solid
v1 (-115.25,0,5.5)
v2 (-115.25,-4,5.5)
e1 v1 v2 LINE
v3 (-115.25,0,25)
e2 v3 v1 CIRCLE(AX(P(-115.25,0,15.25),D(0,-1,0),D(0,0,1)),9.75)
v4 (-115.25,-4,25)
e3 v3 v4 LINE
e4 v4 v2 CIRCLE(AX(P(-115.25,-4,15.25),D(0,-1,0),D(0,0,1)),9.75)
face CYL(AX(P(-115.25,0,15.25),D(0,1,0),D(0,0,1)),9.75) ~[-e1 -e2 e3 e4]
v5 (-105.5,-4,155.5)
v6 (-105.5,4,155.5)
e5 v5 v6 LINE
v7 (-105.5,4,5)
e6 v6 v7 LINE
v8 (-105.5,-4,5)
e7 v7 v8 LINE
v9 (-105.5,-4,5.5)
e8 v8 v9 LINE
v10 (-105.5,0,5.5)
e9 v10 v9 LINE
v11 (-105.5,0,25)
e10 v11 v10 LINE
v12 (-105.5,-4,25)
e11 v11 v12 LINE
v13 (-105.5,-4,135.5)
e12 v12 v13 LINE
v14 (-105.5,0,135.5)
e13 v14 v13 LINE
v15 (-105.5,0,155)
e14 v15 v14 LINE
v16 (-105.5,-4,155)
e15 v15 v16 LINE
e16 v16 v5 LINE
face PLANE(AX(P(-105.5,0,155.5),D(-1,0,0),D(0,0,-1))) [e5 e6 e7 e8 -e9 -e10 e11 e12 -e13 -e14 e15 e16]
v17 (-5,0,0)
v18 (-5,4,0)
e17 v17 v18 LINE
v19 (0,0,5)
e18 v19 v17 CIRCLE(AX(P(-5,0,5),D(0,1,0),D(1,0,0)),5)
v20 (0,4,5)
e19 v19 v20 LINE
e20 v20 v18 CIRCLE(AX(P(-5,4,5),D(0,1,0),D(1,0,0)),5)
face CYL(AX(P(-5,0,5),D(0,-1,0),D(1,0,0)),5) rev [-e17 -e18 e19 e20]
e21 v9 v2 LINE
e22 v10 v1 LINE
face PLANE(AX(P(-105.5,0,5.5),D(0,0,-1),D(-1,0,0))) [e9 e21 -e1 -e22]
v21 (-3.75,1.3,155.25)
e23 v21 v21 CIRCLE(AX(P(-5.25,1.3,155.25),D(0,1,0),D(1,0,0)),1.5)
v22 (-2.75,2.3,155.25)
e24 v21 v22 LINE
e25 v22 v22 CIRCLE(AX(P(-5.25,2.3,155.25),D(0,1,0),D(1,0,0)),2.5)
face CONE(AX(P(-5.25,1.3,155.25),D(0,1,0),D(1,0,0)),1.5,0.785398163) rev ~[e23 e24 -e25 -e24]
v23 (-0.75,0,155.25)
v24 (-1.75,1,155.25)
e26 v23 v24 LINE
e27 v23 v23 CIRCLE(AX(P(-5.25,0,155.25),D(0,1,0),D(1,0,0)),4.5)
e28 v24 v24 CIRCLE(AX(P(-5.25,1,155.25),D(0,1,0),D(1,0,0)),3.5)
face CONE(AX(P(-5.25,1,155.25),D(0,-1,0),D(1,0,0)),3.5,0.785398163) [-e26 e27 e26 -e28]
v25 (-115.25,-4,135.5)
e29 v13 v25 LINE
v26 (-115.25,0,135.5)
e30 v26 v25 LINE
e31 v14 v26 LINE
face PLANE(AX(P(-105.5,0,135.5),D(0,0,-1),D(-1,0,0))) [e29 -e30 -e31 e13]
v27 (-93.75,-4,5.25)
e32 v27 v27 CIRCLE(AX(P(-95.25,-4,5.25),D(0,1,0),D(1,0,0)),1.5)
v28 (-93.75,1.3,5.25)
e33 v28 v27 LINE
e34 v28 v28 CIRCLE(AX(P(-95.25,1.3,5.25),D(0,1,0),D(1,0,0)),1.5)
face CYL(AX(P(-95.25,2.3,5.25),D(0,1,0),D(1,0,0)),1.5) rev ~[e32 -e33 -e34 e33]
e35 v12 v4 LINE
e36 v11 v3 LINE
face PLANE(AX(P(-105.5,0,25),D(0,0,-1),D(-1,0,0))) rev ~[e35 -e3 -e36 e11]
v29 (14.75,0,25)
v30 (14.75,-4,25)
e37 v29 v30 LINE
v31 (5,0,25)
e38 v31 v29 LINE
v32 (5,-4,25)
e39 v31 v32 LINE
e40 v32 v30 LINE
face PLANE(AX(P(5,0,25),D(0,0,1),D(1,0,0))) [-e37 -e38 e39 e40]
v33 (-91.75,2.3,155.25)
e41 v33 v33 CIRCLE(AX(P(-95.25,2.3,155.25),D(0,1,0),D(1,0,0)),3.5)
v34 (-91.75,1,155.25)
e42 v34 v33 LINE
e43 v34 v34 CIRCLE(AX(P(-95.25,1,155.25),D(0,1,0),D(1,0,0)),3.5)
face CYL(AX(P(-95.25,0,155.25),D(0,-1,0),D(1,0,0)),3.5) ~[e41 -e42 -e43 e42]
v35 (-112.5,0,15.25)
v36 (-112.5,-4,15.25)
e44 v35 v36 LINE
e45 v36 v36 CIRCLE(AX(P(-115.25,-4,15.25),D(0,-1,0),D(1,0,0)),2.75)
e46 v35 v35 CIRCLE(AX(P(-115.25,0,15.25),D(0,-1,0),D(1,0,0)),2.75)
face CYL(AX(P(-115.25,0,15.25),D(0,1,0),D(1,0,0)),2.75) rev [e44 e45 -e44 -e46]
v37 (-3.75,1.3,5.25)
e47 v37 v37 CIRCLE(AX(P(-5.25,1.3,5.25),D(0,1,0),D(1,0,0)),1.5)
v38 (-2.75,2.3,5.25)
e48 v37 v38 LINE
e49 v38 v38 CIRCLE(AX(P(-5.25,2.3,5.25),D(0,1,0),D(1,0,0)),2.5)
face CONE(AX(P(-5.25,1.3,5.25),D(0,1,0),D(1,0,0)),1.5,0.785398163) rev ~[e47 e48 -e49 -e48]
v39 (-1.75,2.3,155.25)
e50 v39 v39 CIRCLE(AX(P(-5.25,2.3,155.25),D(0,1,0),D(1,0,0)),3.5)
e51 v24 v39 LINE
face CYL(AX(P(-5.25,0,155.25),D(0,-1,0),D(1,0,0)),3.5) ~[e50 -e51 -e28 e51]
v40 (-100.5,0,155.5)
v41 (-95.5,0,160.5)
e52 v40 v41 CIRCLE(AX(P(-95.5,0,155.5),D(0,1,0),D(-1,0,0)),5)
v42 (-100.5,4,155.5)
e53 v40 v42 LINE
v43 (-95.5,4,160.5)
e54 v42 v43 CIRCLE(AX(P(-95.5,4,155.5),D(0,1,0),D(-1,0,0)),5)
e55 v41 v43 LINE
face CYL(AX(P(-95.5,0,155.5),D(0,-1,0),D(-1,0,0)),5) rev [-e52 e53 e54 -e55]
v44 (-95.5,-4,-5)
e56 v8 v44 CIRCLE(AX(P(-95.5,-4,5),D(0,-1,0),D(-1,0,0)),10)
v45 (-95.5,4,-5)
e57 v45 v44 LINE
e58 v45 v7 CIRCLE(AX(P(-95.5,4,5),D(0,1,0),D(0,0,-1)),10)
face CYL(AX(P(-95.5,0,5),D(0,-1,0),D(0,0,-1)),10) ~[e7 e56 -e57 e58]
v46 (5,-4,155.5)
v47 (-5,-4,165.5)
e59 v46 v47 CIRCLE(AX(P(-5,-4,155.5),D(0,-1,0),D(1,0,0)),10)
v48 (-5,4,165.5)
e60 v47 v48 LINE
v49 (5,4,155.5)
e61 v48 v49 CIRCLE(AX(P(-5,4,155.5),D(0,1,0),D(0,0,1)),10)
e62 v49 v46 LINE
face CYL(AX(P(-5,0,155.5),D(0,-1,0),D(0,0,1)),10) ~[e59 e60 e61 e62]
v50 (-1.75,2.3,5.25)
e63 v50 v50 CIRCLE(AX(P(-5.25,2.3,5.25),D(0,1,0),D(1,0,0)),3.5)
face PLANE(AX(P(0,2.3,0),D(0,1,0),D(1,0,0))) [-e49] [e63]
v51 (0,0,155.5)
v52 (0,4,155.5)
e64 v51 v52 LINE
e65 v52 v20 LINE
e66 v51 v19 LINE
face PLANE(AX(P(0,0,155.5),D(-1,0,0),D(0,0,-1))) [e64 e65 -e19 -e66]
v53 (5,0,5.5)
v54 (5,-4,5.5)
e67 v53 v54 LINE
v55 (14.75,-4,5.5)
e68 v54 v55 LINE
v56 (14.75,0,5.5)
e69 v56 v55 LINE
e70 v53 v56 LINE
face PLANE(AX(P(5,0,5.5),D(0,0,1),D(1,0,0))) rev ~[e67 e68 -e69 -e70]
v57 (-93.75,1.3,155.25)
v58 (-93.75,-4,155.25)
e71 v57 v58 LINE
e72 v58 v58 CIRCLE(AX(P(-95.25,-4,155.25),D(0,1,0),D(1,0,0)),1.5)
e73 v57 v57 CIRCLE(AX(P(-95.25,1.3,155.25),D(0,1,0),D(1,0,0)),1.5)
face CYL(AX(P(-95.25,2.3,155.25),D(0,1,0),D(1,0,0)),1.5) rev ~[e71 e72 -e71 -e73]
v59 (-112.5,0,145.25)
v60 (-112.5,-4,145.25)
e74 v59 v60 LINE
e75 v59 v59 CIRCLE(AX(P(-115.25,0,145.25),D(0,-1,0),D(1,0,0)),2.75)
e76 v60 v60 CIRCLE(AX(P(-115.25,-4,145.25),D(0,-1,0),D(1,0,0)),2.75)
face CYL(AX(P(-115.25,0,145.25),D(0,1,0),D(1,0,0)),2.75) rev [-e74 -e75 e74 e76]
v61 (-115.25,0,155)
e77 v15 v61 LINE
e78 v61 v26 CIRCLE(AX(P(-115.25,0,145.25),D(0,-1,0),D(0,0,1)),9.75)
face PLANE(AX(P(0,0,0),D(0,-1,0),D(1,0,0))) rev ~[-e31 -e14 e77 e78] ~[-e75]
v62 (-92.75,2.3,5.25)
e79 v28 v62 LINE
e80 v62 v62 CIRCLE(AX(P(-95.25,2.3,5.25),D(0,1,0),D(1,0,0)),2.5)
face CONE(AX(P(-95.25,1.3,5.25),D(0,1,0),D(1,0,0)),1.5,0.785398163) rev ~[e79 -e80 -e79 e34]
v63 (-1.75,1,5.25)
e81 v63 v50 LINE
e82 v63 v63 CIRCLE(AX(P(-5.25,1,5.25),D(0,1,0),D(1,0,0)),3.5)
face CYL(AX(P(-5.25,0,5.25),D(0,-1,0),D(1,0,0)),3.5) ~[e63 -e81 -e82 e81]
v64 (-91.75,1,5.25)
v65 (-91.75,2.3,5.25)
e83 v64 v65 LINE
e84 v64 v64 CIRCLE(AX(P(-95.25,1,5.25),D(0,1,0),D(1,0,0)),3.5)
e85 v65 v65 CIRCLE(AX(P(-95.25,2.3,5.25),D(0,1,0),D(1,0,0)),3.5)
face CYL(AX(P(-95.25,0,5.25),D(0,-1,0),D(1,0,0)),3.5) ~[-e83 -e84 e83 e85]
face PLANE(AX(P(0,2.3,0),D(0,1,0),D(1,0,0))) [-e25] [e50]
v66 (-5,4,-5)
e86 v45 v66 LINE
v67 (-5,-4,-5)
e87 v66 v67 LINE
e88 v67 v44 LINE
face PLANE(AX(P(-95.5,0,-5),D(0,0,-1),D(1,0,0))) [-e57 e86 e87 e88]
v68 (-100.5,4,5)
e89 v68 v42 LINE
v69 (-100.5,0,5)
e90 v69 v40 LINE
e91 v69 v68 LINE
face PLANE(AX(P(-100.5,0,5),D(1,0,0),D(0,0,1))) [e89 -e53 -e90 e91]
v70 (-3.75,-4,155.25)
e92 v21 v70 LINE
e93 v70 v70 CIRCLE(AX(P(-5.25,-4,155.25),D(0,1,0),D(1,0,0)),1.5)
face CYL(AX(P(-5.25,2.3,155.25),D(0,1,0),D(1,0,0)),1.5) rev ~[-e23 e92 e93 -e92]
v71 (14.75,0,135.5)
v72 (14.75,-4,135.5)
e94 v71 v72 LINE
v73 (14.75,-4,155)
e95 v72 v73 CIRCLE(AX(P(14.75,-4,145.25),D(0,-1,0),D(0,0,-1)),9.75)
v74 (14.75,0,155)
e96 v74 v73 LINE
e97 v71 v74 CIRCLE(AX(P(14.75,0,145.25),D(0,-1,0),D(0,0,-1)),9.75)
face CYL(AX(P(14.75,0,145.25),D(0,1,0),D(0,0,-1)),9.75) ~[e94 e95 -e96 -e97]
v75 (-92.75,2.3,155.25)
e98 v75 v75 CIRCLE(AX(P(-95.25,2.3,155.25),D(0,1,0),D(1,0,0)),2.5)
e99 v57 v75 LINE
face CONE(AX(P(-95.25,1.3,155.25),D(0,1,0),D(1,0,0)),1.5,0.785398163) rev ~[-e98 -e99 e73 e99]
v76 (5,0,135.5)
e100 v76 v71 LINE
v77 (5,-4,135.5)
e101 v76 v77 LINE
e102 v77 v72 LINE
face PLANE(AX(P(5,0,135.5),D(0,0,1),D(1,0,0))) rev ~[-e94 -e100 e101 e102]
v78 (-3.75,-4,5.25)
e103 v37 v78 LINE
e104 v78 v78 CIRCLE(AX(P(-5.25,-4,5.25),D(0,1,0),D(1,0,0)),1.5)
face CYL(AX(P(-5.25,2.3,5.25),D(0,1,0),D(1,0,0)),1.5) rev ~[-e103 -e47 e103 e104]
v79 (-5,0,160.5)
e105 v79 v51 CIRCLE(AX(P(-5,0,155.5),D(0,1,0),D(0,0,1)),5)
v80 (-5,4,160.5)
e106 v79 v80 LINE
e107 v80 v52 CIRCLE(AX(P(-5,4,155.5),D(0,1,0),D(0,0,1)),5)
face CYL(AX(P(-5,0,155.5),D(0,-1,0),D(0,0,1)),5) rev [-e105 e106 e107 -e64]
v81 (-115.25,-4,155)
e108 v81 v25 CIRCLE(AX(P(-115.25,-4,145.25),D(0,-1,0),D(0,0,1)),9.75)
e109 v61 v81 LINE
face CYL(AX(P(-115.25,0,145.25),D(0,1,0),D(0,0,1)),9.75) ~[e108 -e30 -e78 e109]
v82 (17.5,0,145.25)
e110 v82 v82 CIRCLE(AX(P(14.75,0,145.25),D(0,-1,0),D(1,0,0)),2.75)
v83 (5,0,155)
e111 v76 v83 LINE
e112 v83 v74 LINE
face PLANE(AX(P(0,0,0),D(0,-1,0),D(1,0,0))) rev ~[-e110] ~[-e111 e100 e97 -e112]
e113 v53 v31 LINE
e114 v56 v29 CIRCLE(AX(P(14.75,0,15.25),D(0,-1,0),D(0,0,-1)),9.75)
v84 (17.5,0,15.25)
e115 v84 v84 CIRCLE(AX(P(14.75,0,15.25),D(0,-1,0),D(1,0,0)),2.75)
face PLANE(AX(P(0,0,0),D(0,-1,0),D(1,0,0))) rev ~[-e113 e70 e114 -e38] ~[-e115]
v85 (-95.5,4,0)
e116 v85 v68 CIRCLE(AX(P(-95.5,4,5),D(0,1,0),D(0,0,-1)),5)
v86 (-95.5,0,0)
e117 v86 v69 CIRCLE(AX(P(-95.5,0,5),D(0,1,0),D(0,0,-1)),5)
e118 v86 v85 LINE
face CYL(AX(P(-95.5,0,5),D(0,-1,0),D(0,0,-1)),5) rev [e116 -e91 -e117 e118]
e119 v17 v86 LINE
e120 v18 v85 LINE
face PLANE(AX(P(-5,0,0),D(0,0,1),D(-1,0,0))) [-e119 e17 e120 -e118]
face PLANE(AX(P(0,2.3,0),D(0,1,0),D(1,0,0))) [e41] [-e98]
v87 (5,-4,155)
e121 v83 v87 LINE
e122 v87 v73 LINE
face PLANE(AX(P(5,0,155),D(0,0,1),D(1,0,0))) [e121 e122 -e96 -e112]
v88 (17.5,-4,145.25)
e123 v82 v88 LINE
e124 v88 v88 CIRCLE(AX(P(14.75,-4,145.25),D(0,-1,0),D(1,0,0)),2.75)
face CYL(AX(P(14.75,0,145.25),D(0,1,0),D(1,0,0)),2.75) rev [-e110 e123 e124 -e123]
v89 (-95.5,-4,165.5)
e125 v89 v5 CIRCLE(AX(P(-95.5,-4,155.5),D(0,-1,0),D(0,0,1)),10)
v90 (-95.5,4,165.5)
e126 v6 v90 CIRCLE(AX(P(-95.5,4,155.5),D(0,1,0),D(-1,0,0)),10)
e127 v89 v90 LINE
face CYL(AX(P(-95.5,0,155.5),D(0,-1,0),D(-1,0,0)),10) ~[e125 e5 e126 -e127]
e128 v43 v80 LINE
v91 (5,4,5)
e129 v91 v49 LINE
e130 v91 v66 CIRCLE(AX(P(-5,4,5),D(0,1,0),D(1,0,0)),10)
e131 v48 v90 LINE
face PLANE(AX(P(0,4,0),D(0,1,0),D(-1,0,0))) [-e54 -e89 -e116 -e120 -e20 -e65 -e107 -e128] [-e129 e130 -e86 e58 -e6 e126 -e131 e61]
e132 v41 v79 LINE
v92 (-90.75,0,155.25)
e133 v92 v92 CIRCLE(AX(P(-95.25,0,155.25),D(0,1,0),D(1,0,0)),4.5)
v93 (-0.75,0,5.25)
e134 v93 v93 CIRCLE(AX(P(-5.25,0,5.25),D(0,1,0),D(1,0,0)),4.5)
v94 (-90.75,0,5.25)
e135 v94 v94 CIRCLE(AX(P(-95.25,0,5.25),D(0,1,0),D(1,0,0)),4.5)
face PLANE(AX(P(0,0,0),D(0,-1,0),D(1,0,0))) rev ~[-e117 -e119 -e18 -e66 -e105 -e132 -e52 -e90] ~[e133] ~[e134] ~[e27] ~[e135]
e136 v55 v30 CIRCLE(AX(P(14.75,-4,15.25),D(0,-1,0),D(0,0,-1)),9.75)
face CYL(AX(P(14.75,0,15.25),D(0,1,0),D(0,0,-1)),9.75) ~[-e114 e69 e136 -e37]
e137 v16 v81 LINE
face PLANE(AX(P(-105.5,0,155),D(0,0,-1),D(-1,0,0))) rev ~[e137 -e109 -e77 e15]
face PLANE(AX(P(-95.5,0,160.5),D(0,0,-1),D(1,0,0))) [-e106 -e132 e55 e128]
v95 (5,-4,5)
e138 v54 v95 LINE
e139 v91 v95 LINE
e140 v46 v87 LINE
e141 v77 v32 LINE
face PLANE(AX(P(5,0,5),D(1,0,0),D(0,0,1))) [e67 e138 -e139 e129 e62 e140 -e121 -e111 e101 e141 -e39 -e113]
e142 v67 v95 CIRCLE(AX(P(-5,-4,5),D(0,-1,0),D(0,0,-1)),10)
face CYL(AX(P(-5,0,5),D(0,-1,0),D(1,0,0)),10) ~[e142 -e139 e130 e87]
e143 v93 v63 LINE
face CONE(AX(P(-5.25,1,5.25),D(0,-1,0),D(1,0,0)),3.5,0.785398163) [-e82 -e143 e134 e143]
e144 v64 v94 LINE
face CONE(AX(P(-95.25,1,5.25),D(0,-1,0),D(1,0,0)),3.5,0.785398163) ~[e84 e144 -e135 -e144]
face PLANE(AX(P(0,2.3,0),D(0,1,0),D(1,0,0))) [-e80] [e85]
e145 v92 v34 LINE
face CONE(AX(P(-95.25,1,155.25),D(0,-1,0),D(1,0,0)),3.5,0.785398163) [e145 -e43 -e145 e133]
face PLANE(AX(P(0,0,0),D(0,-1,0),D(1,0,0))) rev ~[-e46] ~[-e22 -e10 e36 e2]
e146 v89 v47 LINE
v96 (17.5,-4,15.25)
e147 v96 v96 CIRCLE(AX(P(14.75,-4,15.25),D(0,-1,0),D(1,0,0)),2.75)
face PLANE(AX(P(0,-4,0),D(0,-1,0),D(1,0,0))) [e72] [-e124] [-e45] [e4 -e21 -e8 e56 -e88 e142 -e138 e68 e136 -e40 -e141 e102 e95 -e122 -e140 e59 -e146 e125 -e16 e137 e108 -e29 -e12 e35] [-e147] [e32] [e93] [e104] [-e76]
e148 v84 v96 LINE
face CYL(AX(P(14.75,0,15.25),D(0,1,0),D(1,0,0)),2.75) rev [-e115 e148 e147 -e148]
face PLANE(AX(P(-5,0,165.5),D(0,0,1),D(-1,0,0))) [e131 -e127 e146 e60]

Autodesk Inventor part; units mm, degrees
ref_plane "YZ Plane" through (0, 0, 0) normal (1, 0, 0) x (0, 1, 0)
ref_plane "XZ Plane" through (0, 0, 0) normal (0, 1, 0) x (-1, 0, 0)
ref_plane "XY Plane" through (0, 0, 0) normal (0, 0, 1) x (1, 0, 0)
sketch "Sketch1" plane through (0, 0, 0) normal (0, 1, 0) x (-1, 0, 0)
  line L0 (5, 0) -> (95.5, 0)
  line L1 (100.5, 5) -> (100.5, 155.5)
  line L2 (95.5, 160.5) -> (5, 160.5)
  line L3 (0, 155.5) -> (0, 5)
  arc A0 (100.5, 155.5) -> (95.5, 160.5) centre (95.5, 155.5) ccw
  arc A1 (95.5, 0) -> (100.5, 5) centre (95.5, 5) ccw
  arc A2 (0, 5) -> (5, 0) centre (5, 5) ccw
  arc A3 (5, 160.5) -> (0, 155.5) centre (5, 155.5) ccw
  line L4 (105.5, 155.5) -> (105.5, 5)
  arc A4 (95.5, -5) -> (105.5, 5) centre (95.5, 5) ccw
  line L5 (95.5, -5) -> (5, -5)
  arc A5 (-5, 5) -> (5, -5) centre (5, 5) ccw
  line L6 (-5, 5) -> (-5, 155.5)
  arc A6 (5, 165.5) -> (-5, 155.5) centre (5, 155.5) ccw
  line L7 (5, 165.5) -> (95.5, 165.5)
  arc A7 (105.5, 155.5) -> (95.5, 165.5) centre (95.5, 155.5) ccw
  point P0 (0, 0)
  point P1 (100.5, 160.5)
  point P2 (100.5, 0)
  point P3 (0, 160.5)
  dimension "d0" = 100.5
  dimension "d1" = 160.5
  dimension "d2" = 5
  dimension "d3" = 5
extrude "Extrusion1" add sketch "Sketch1" along normal blind 4
sketch "Sketch2" plane through (0, 0, 0) normal (0, -1, 0) x (1, 0, 0)
  line L0 (5, 155.5) -> (5, 5) projected
  arc A0 (5, 155.5) -> (-5, 165.5) centre (-5, 155.5) ccw projected
  line L1 (-95.5, 165.5) -> (-5, 165.5) projected
  arc A1 (-95.5, 165.5) -> (-105.5, 155.5) centre (-95.5, 155.5) ccw projected
  line L2 (-105.5, 5) -> (-105.5, 155.5) projected
  arc A2 (-105.5, 5) -> (-95.5, -5) centre (-95.5, 5) ccw projected
  line L3 (-5, -5) -> (-95.5, -5) projected
  arc A3 (-5, -5) -> (5, 5) centre (-5, 5) ccw projected
  arc A4 (-5, 0) -> (0, 5) centre (-5, 5) ccw projected
  line L4 (-95.5, 0) -> (-5, 0) projected
  arc A5 (-100.5, 5) -> (-95.5, 0) centre (-95.5, 5) ccw projected
  line L5 (-100.5, 155.5) -> (-100.5, 5) projected
  arc A6 (-95.5, 160.5) -> (-100.5, 155.5) centre (-95.5, 155.5) ccw projected
  line L6 (-5, 160.5) -> (-95.5, 160.5) projected
  arc A7 (0, 155.5) -> (-5, 160.5) centre (-5, 155.5) ccw projected
  line L7 (0, 5) -> (0, 155.5) projected
  line L8 (14.75, 145.25) -> (-115.25, 145.25) construction
  line L9 (-115.25, 145.25) -> (-115.25, 15.25) construction
  line L10 (-115.25, 15.25) -> (14.75, 15.25) construction
  line L11 (14.75, 15.25) -> (14.75, 145.25) construction
  circle A8 centre (14.75, 145.25) radius 2.75
  arc A9 (14.75, 135.5) -> (14.75, 155) centre (14.75, 145.25) ccw
  line L12 (5, 155.5) -> (5, 5) projected
  line L13 (5, 155.5) -> (5, 5) projected
  line L14 (5, 135.5) -> (14.75, 135.5)
  line L15 (5, 155) -> (14.75, 155)
  line L16 (0, 5) -> (0, 155.5) construction
  line L17 (0, 80.25) -> (-100.5, 80.25) construction
  line L18 (-100.5, 155.5) -> (-100.5, 5) construction
  line L19 (-50.25, 80.25) -> (-50.25, 145.25) construction
  circle A10 centre (14.75, 15.25) radius 2.75
  arc A11 (14.75, 5.5) -> (14.75, 25) centre (14.75, 15.25) ccw
  line L20 (5, 25) -> (14.75, 25)
  line L21 (5, 5.5) -> (14.75, 5.5)
  circle A12 centre (-115.25, 145.25) radius 2.75
  arc A13 (-115.25, 155) -> (-115.25, 135.5) centre (-115.25, 145.25) ccw
  line L22 (-105.5, 135.5) -> (-115.25, 135.5)
  line L23 (-105.5, 155) -> (-115.25, 155)
  arc A14 (-115.25, 25) -> (-115.25, 5.5) centre (-115.25, 15.25) ccw
  line L24 (-105.5, 25) -> (-115.25, 25)
  circle A15 centre (-115.25, 15.25) radius 2.75
  line L25 (-105.5, 5.5) -> (-115.25, 5.5)
  point P0 (0, 0)
  dimension "d6" = 130
  dimension "d7" = 130
  dimension "d8" = 110.5
  dimension "d9" = 9.75
  dimension "d10" = 170.5
  dimension "d11" = 20.25
  dimension "d12" = 5.5
extrude "Extrusion2" add sketch "Sketch2" along normal blind 4 contours L0 A3 L3 A2 L2 A1 L1 A0 | L15 A9 L14 L0 | L20 A11 L21 L0 | L2 L22 A13 L23 | L2 L25 A14 L24 | L4 A5 L5 A6 L6 A7 L7 A4
sketch "Sketch3" plane through (0, 0, 0) normal (0, 1, 0) x (1, 0, 0)
  line L0 (-5.25, -155.25) -> (-95.25, -155.25) construction
  line L1 (-95.25, -155.25) -> (-95.25, -5.25) construction
  line L2 (-95.25, -5.25) -> (-5.25, -5.25) construction
  line L3 (-5.25, -5.25) -> (-5.25, -155.25) construction
  line L4 (-50.25, -155.25) -> (-50.25, -160.5) construction
  line L5 (-5, -160.5) -> (-95.5, -160.5) construction
  line L6 (-5.25, -80.25) -> (0, -80.25) construction
  line L7 (-50.25, -5.25) -> (-50.25, 0) construction
  line L8 (-95.5, 0) -> (-5, 0) construction
  line L9 (-95.25, -80.25) -> (-100.5, -80.25) construction
  line L10 (-100.5, -155.5) -> (-100.5, -5) construction
  line L11 (0, -5) -> (0, -155.5) projected
  line L12 (-100.5, -155.5) -> (-100.5, -5) projected
  arc A0 (-5, -160.5) -> (0, -155.5) centre (-5, -155.5) ccw projected
  arc A1 (-100.5, -155.5) -> (-95.5, -160.5) centre (-95.5, -155.5) ccw projected
  circle A2 centre (-5.25, -5.25) radius 3.5
  circle A3 centre (-5.25, -155.25) radius 3.5
  circle A4 centre (-95.25, -155.25) radius 3.5
  circle A5 centre (-95.25, -5.25) radius 3.5
  point P0 (0, 0)
  dimension "d15" = 90
  dimension "d16" = 150
  dimension "d17" = 7
  dimension "d18" = 7
  dimension "d19" = 7
  dimension "d20" = 7
extrude "Extrusion3" add sketch "Sketch3" along normal blind 2.3
sketch "Sketch4" plane through (-95.25, 2.3, 155.25) normal (0, 1, 0) x (1, 0, 0)
  circle A0 centre (90, 0) radius 3.5 projected
  circle A1 centre (0, 0) radius 3.5 projected
  circle A2 centre (90, 150) radius 3.5 projected
  circle A3 centre (0, 150) radius 3.5 projected
  circle A4 centre (90, 0) radius 1.5
  circle A5 centre (0, 0) radius 3.5 projected
  circle A6 centre (0, 0) radius 1.5
  circle A7 centre (90, 150) radius 3.5 projected
  circle A8 centre (90, 150) radius 1.5
  circle A9 centre (0, 150) radius 1.5
  point P0 (95.25, 155.25)
  dimension "d23" = 3
  dimension "d24" = 3
  dimension "d25" = 3
  dimension "d26" = 3
extrude "Extrusion4" cut sketch "Sketch4" against normal through all contours A4 | A6 | A8 | A9
chamfer "Chamfer1" distance 1 angle 45 4 edges at (-96.75, 2.3, 155.25) (-6.75, 2.3, 155.25) (-6.75, 2.3, 5.25) (-96.75, 2.3, 5.25)
chamfer "Chamfer2" distance 1 angle 45 4 edges at (-98.75, 0, 155.25) (-8.75, 0, 155.25) (-98.75, 0, 5.25) (-8.75, 0, 5.25)
equation "\"d9\" = -0.5 * d8 + 0.5 * d6"
equation "\"d11\" = -0.5 * d7 + 0.5 * d10"
equation "\"d18\" = d17"
equation "\"d19\" = d17"
equation "\"d20\" = d17"
equation "\"d24\" = d23"
equation "\"d25\" = d23"
equation "\"d26\" = d23"
properties part number "BTT Octopus 1.1 Mount"
